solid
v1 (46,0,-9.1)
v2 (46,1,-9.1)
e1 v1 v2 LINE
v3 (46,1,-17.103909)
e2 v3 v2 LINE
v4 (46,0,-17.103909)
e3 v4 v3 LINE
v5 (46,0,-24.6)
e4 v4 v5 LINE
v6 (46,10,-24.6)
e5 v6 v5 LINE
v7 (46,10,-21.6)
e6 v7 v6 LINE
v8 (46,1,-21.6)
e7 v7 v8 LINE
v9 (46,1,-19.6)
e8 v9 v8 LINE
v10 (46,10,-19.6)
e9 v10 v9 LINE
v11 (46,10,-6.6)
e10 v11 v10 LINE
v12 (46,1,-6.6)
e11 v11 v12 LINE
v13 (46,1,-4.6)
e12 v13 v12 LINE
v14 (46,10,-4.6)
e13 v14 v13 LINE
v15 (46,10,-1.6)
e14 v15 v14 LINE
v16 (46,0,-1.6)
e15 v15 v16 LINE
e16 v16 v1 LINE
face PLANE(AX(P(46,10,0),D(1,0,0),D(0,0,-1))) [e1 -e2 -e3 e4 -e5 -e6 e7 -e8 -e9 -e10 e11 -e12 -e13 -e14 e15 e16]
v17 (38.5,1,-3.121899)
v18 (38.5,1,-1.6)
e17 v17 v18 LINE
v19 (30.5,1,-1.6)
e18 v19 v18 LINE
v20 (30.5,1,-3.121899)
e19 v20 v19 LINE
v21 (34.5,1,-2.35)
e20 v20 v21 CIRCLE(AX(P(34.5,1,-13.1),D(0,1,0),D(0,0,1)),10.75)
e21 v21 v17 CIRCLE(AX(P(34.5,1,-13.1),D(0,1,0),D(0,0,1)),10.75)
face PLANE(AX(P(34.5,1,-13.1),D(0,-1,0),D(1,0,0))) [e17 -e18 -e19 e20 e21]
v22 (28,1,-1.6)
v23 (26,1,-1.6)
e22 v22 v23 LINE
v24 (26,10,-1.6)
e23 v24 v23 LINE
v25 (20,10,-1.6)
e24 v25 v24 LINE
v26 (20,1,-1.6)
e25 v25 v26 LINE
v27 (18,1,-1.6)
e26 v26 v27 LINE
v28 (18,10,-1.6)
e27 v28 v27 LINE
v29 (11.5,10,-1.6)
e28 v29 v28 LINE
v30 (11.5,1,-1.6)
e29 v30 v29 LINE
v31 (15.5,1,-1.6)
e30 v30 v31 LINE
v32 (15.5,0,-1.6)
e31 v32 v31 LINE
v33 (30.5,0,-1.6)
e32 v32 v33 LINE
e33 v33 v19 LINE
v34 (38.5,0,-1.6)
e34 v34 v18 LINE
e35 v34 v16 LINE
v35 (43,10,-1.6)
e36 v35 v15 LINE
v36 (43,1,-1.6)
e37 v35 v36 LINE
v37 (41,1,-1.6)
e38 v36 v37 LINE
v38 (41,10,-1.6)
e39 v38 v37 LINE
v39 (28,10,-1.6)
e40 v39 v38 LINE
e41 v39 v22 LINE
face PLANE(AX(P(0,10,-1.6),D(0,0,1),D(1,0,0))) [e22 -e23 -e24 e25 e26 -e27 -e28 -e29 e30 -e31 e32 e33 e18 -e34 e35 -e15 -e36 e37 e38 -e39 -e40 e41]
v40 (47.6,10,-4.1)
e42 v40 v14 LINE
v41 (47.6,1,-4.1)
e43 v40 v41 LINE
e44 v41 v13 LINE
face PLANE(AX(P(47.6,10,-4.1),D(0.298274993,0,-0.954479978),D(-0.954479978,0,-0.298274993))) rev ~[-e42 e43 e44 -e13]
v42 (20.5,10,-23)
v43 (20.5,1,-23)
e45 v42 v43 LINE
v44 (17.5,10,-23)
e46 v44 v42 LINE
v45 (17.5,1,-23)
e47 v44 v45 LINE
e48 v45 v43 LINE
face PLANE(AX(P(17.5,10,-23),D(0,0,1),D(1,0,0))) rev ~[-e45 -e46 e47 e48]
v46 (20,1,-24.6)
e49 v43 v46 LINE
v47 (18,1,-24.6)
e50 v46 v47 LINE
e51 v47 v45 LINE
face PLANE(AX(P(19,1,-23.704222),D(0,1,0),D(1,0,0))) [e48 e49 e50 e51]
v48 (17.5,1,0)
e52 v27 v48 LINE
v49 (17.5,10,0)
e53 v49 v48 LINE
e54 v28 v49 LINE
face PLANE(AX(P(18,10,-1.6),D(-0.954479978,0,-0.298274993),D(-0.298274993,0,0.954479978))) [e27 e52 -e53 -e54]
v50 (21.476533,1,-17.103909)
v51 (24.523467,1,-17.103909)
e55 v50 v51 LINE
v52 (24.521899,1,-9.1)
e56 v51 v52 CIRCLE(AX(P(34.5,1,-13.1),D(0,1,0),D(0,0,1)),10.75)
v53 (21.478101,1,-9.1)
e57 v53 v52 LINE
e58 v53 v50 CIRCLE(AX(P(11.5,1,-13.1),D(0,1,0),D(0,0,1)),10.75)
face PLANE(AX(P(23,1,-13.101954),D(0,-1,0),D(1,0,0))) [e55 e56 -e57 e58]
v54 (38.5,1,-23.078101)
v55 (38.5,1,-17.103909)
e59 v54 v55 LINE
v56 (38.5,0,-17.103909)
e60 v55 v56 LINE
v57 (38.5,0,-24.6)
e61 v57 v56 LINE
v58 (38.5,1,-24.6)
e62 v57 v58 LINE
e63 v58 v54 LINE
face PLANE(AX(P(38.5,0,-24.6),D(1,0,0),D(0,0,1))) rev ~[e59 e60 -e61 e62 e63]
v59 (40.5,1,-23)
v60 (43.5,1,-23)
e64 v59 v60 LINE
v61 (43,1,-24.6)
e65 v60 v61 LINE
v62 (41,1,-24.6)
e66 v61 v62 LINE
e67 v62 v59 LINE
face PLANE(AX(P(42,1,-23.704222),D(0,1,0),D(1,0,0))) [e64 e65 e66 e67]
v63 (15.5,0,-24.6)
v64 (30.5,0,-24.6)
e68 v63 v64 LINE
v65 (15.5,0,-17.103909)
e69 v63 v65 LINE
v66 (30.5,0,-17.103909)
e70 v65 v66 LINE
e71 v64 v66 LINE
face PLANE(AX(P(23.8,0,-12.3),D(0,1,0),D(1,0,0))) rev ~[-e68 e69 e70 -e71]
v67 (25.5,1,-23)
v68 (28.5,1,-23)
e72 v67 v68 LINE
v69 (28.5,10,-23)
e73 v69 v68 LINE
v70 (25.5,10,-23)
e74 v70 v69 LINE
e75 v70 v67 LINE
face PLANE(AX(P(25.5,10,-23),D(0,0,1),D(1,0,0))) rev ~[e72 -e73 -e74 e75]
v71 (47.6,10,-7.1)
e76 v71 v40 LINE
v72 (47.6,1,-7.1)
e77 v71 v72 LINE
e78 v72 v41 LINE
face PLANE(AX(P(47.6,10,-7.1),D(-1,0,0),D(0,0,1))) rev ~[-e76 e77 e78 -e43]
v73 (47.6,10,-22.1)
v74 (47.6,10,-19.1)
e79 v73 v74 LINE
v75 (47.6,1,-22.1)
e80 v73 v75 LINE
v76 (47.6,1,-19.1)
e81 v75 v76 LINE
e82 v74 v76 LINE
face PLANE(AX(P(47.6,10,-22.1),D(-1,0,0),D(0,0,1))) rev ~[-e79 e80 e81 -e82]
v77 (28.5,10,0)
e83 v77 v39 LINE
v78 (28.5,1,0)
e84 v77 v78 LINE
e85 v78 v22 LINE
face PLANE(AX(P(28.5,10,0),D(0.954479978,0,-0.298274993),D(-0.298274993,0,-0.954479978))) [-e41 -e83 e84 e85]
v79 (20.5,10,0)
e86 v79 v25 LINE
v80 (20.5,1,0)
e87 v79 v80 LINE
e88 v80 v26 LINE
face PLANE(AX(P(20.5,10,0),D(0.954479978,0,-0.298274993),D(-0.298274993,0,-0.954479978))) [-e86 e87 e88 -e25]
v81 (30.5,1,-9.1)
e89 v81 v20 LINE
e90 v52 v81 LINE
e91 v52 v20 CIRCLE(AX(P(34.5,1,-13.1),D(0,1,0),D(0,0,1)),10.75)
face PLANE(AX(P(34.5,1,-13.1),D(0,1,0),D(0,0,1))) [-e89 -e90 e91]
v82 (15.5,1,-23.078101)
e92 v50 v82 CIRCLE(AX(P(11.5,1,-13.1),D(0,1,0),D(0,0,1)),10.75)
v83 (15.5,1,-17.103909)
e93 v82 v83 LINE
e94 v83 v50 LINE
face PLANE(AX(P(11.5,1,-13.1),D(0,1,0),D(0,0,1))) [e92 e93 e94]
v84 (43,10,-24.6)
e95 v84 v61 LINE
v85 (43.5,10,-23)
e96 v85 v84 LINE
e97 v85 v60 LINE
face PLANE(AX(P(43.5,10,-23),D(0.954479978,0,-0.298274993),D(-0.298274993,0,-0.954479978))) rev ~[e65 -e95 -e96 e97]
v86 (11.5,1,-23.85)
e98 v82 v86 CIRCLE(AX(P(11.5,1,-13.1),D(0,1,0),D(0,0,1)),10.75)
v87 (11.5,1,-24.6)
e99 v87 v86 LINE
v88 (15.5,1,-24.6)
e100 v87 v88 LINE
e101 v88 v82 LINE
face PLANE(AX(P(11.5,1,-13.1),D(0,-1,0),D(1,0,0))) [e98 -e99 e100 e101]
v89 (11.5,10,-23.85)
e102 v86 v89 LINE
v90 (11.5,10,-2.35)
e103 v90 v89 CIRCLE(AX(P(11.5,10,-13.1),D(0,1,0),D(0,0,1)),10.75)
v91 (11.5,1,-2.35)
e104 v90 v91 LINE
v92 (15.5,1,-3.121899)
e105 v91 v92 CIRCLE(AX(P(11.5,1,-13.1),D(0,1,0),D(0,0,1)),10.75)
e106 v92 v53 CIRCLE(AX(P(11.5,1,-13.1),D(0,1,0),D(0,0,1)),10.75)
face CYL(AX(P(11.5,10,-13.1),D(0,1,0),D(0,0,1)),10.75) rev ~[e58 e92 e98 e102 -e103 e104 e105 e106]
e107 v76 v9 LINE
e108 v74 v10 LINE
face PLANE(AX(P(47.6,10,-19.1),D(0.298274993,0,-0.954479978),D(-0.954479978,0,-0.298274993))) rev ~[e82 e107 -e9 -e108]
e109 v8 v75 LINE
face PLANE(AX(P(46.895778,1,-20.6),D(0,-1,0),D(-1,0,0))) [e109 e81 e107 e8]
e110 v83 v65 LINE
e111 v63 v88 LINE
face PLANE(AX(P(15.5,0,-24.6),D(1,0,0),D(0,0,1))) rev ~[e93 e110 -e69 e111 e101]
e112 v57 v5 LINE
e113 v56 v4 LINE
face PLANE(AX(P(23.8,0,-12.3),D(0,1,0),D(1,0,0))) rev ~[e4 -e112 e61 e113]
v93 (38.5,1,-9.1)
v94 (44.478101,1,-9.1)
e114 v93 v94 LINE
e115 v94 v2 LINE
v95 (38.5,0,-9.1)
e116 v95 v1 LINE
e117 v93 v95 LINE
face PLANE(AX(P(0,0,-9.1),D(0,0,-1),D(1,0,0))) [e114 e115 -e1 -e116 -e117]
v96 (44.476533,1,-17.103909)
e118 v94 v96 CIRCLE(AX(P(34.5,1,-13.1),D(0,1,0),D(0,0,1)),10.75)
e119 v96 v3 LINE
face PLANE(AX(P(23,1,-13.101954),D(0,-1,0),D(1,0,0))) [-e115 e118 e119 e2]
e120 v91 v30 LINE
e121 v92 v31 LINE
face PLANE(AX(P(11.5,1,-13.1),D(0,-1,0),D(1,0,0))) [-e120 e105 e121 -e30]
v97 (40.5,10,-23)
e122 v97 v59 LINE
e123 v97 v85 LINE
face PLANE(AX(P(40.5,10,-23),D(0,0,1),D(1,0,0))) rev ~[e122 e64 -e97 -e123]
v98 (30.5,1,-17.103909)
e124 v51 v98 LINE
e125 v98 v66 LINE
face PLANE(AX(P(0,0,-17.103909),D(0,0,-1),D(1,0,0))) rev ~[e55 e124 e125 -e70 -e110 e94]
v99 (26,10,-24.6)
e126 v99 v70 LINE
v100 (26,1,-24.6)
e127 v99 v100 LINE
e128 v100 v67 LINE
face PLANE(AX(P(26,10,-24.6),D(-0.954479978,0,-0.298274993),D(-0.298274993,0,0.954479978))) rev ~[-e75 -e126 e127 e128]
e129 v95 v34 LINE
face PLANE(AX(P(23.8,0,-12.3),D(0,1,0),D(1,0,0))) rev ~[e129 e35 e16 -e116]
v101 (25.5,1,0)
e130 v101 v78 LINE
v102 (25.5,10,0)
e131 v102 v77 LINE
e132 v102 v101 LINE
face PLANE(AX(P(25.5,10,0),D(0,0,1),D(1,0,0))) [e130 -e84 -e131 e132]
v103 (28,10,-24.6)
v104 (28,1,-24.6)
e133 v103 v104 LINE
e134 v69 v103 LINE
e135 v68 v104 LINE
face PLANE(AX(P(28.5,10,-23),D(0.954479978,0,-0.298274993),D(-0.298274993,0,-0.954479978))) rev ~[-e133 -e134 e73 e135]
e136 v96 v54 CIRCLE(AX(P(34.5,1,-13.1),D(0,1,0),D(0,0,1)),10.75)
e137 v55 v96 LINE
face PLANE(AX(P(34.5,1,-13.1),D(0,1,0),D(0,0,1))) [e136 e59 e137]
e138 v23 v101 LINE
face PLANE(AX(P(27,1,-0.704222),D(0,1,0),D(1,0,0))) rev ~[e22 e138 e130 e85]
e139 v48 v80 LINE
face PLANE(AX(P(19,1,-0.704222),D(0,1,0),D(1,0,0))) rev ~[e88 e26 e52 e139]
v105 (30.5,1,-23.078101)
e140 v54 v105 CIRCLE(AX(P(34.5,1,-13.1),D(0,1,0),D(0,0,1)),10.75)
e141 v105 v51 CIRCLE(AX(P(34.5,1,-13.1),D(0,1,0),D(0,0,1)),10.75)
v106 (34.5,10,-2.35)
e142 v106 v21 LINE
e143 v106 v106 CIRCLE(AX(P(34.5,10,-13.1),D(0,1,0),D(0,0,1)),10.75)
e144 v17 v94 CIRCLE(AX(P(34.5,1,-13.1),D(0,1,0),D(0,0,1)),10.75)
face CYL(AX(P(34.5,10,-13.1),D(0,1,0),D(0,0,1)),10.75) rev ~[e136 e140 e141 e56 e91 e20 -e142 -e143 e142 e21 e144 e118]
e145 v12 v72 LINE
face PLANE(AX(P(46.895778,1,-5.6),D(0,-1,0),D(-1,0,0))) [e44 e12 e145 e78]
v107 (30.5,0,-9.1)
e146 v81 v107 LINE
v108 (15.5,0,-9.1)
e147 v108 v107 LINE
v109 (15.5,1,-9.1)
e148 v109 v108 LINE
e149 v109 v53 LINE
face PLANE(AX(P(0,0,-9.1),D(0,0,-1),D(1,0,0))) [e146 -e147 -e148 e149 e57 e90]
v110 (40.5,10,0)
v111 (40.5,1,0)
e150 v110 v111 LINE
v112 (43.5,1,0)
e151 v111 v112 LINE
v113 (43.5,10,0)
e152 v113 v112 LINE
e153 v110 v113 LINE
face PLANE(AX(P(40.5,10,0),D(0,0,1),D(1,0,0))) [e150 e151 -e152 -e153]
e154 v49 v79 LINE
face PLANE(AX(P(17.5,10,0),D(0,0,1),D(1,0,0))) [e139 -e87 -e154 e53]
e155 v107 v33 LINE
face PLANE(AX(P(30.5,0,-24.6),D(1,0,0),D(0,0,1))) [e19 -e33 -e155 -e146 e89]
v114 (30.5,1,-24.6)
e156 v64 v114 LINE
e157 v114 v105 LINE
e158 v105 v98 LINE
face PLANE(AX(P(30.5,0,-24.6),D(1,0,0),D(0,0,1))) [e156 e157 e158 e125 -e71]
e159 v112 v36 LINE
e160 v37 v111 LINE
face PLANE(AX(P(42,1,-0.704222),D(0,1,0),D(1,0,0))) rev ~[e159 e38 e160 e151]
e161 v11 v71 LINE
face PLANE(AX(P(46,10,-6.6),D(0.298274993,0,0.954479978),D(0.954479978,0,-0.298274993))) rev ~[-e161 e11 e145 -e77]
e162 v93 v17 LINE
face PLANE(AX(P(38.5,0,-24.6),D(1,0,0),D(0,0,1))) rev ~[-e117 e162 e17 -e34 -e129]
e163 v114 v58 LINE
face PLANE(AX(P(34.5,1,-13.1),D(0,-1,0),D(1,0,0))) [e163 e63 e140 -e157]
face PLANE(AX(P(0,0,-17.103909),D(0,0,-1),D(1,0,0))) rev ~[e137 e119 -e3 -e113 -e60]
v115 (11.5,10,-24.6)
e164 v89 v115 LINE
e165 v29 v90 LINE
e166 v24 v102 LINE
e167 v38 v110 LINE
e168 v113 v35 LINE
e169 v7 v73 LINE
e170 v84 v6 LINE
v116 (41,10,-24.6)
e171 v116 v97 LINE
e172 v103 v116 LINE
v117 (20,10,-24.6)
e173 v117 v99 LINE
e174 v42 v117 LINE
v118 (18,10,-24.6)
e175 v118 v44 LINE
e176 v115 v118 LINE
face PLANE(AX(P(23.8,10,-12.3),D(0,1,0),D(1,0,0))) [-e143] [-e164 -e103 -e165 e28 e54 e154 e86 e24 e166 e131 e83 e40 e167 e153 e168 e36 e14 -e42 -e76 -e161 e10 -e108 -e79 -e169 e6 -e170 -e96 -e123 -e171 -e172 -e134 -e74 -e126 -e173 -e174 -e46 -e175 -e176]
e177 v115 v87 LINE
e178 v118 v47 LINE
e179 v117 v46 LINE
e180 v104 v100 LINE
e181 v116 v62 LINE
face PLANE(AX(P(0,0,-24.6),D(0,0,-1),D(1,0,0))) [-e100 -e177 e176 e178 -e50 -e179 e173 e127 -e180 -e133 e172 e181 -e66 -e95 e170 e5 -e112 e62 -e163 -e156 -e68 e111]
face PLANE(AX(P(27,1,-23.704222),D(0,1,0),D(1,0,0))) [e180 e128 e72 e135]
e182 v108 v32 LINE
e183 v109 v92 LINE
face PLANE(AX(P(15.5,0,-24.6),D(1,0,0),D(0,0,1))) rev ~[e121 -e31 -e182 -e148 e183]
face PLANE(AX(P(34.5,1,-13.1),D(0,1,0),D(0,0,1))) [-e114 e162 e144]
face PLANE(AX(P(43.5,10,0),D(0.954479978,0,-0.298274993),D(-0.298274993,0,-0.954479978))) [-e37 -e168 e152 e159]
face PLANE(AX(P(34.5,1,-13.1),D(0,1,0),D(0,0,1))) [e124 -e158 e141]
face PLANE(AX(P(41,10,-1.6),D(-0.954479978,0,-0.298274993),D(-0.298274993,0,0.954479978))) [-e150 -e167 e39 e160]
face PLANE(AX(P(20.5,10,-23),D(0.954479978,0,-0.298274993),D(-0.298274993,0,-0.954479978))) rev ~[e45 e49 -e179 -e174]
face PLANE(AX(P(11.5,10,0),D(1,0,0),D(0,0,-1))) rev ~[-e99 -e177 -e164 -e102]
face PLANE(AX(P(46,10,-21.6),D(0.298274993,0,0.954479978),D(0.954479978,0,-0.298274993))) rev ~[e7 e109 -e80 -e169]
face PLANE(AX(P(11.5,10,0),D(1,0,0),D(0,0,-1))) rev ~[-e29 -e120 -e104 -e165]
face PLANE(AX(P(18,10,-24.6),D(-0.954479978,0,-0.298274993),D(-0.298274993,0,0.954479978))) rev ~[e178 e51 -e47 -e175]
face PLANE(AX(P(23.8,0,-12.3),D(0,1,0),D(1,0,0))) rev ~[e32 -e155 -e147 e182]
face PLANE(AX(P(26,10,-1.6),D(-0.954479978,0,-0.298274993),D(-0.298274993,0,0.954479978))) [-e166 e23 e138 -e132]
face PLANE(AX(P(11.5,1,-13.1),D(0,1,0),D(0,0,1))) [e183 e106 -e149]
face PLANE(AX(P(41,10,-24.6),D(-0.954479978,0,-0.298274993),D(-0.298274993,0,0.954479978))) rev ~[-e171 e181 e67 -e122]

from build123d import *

# Parameters (mm, degrees)
SKETCH1_W           = 47.6
SKETCH1_H           = 24.6
BOSS_EXTRUDE1_DEPTH = 10
SKETCH2_R           = 10.75
CUT_EXTRUDE1_DEPTH  = 9
CUT_EXTRUDE2_DEPTH  = 9
SKETCH5_W           = 1.6
SKETCH5_H           = 24.6
CUT_EXTRUDE3_DEPTH  = 10
SKETCH6_W           = 46
SKETCH6_H           = 1.6
CUT_EXTRUDE4_DEPTH  = 10
BOSS_EXTRUDE2_DEPTH = 9
SKETCH10_W          = 46
SKETCH10_H          = 8.003908937
CUT_EXTRUDE5_DEPTH  = 1
SKETCH11_W          = 8
SKETCH11_H          = 23
CUT_EXTRUDE6_DEPTH  = 1
SKETCH12_W          = 11.5
SKETCH12_H          = 24.6
CUT_EXTRUDE7_DEPTH  = 10


with BuildPart() as part:
    # Sketch1 → Boss-Extrude1 (new body)
    with BuildSketch(Plane(origin=(0, 0, 0), x_dir=(1, 0, 0), z_dir=(0, 1, 0))):
        with Locations((23.8, 12.3)):
            Rectangle(SKETCH1_W, SKETCH1_H)
    extrude(amount=BOSS_EXTRUDE1_DEPTH)

    # Sketch2 → Cut-Extrude1 (cut)
    with BuildSketch(Plane(origin=(0, 10, 0), x_dir=(1, 0, 0), z_dir=(0, 1, 0))):
        with Locations(Location((11.5, 13.1, 0), (0, 0, 270))):
            Circle(SKETCH2_R)
        with Locations(Location((34.5, 13.1, 0), (0, 0, 270))):
            Circle(SKETCH2_R)
    extrude(amount=-CUT_EXTRUDE1_DEPTH, mode=Mode.SUBTRACT)

    # Sketch3 → Cut-Extrude2 (cut)
    with BuildSketch(Plane(origin=(0, 10, 0), x_dir=(1, 0, 0), z_dir=(0, 1, 0))):
        Polygon((3, 24.6), (2.5, 23), (5.5, 23), (5, 24.6), align=None)
        Polygon((18, 24.6), (17.5, 23), (20.5, 23), (20, 24.6), align=None)
        Polygon((26, 24.6), (25.5, 23), (28.5, 23), (28, 24.6), align=None)
        Polygon((41, 24.6), (40.5, 23), (43.5, 23), (43, 24.6), align=None)
        Polygon((0, 21.6), (1.6, 22.1), (1.6, 19.1), (0, 19.6), align=None)
        Polygon((0, 6.6), (1.6, 7.1), (1.6, 4.1), (0, 4.6), align=None)
    extrude(amount=-CUT_EXTRUDE2_DEPTH, mode=Mode.SUBTRACT)

    # Sketch5 → Cut-Extrude3 (cut)
    with BuildSketch(Plane(origin=(0, 10, 0), x_dir=(1, 0, 0), z_dir=(0, 1, 0))):
        with Locations((46.8, 12.3)):
            Rectangle(SKETCH5_W, SKETCH5_H)
    extrude(amount=-CUT_EXTRUDE3_DEPTH, mode=Mode.SUBTRACT)

    # Sketch6 → Cut-Extrude4 (cut)
    with BuildSketch(Plane(origin=(0, 10, 0), x_dir=(1, 0, 0), z_dir=(0, 1, 0))):
        with Locations((23, 0.8)):
            Rectangle(SKETCH6_W, SKETCH6_H)
    extrude(amount=-CUT_EXTRUDE4_DEPTH, mode=Mode.SUBTRACT)

    # Sketch7 → Boss-Extrude2 (add)
    with BuildSketch(Plane(origin=(0, 10, 0), x_dir=(1, 0, 0), z_dir=(0, 1, 0))):
        Polygon((46, 21.6), (47.6, 22.1), (47.6, 19.1), (46, 19.6), align=None)
        Polygon((46, 6.6), (47.6, 7.1), (47.6, 4.1), (46, 4.6), align=None)
        Polygon((3, 1.6), (2.5, 0), (5.5, 0), (5, 1.6), align=None)
        Polygon((18, 1.6), (17.5, 0), (20.5, 0), (20, 1.6), align=None)
        Polygon((26, 1.6), (25.5, 0), (28.5, 0), (28, 1.6), align=None)
        Polygon((41, 1.6), (40.5, 0), (43.5, 0), (43, 1.6), align=None)
    extrude(amount=-BOSS_EXTRUDE2_DEPTH)

    # Sketch10 → Cut-Extrude5 (cut)
    with BuildSketch(Plane.XZ):
        with Locations((23, -13.101954469)):
            Rectangle(SKETCH10_W, SKETCH10_H)
    extrude(amount=-CUT_EXTRUDE5_DEPTH, mode=Mode.SUBTRACT)

    # Sketch11 → Cut-Extrude6 (cut)
    with BuildSketch(Plane.XZ):
        with Locations((11.5, -13.1)):
            Rectangle(SKETCH11_W, SKETCH11_H)
        with Locations((34.5, -13.1)):
            Rectangle(SKETCH11_W, SKETCH11_H)
    extrude(amount=-CUT_EXTRUDE6_DEPTH, mode=Mode.SUBTRACT)

    # Sketch12 → Cut-Extrude7 (cut)
    with BuildSketch(Plane(origin=(0, 10, 0), x_dir=(1, 0, 0), z_dir=(0, 1, 0))):
        with Locations((5.75, 12.3)):
            Rectangle(SKETCH12_W, SKETCH12_H)
    extrude(amount=-CUT_EXTRUDE7_DEPTH, mode=Mode.SUBTRACT)


solid = part.part
